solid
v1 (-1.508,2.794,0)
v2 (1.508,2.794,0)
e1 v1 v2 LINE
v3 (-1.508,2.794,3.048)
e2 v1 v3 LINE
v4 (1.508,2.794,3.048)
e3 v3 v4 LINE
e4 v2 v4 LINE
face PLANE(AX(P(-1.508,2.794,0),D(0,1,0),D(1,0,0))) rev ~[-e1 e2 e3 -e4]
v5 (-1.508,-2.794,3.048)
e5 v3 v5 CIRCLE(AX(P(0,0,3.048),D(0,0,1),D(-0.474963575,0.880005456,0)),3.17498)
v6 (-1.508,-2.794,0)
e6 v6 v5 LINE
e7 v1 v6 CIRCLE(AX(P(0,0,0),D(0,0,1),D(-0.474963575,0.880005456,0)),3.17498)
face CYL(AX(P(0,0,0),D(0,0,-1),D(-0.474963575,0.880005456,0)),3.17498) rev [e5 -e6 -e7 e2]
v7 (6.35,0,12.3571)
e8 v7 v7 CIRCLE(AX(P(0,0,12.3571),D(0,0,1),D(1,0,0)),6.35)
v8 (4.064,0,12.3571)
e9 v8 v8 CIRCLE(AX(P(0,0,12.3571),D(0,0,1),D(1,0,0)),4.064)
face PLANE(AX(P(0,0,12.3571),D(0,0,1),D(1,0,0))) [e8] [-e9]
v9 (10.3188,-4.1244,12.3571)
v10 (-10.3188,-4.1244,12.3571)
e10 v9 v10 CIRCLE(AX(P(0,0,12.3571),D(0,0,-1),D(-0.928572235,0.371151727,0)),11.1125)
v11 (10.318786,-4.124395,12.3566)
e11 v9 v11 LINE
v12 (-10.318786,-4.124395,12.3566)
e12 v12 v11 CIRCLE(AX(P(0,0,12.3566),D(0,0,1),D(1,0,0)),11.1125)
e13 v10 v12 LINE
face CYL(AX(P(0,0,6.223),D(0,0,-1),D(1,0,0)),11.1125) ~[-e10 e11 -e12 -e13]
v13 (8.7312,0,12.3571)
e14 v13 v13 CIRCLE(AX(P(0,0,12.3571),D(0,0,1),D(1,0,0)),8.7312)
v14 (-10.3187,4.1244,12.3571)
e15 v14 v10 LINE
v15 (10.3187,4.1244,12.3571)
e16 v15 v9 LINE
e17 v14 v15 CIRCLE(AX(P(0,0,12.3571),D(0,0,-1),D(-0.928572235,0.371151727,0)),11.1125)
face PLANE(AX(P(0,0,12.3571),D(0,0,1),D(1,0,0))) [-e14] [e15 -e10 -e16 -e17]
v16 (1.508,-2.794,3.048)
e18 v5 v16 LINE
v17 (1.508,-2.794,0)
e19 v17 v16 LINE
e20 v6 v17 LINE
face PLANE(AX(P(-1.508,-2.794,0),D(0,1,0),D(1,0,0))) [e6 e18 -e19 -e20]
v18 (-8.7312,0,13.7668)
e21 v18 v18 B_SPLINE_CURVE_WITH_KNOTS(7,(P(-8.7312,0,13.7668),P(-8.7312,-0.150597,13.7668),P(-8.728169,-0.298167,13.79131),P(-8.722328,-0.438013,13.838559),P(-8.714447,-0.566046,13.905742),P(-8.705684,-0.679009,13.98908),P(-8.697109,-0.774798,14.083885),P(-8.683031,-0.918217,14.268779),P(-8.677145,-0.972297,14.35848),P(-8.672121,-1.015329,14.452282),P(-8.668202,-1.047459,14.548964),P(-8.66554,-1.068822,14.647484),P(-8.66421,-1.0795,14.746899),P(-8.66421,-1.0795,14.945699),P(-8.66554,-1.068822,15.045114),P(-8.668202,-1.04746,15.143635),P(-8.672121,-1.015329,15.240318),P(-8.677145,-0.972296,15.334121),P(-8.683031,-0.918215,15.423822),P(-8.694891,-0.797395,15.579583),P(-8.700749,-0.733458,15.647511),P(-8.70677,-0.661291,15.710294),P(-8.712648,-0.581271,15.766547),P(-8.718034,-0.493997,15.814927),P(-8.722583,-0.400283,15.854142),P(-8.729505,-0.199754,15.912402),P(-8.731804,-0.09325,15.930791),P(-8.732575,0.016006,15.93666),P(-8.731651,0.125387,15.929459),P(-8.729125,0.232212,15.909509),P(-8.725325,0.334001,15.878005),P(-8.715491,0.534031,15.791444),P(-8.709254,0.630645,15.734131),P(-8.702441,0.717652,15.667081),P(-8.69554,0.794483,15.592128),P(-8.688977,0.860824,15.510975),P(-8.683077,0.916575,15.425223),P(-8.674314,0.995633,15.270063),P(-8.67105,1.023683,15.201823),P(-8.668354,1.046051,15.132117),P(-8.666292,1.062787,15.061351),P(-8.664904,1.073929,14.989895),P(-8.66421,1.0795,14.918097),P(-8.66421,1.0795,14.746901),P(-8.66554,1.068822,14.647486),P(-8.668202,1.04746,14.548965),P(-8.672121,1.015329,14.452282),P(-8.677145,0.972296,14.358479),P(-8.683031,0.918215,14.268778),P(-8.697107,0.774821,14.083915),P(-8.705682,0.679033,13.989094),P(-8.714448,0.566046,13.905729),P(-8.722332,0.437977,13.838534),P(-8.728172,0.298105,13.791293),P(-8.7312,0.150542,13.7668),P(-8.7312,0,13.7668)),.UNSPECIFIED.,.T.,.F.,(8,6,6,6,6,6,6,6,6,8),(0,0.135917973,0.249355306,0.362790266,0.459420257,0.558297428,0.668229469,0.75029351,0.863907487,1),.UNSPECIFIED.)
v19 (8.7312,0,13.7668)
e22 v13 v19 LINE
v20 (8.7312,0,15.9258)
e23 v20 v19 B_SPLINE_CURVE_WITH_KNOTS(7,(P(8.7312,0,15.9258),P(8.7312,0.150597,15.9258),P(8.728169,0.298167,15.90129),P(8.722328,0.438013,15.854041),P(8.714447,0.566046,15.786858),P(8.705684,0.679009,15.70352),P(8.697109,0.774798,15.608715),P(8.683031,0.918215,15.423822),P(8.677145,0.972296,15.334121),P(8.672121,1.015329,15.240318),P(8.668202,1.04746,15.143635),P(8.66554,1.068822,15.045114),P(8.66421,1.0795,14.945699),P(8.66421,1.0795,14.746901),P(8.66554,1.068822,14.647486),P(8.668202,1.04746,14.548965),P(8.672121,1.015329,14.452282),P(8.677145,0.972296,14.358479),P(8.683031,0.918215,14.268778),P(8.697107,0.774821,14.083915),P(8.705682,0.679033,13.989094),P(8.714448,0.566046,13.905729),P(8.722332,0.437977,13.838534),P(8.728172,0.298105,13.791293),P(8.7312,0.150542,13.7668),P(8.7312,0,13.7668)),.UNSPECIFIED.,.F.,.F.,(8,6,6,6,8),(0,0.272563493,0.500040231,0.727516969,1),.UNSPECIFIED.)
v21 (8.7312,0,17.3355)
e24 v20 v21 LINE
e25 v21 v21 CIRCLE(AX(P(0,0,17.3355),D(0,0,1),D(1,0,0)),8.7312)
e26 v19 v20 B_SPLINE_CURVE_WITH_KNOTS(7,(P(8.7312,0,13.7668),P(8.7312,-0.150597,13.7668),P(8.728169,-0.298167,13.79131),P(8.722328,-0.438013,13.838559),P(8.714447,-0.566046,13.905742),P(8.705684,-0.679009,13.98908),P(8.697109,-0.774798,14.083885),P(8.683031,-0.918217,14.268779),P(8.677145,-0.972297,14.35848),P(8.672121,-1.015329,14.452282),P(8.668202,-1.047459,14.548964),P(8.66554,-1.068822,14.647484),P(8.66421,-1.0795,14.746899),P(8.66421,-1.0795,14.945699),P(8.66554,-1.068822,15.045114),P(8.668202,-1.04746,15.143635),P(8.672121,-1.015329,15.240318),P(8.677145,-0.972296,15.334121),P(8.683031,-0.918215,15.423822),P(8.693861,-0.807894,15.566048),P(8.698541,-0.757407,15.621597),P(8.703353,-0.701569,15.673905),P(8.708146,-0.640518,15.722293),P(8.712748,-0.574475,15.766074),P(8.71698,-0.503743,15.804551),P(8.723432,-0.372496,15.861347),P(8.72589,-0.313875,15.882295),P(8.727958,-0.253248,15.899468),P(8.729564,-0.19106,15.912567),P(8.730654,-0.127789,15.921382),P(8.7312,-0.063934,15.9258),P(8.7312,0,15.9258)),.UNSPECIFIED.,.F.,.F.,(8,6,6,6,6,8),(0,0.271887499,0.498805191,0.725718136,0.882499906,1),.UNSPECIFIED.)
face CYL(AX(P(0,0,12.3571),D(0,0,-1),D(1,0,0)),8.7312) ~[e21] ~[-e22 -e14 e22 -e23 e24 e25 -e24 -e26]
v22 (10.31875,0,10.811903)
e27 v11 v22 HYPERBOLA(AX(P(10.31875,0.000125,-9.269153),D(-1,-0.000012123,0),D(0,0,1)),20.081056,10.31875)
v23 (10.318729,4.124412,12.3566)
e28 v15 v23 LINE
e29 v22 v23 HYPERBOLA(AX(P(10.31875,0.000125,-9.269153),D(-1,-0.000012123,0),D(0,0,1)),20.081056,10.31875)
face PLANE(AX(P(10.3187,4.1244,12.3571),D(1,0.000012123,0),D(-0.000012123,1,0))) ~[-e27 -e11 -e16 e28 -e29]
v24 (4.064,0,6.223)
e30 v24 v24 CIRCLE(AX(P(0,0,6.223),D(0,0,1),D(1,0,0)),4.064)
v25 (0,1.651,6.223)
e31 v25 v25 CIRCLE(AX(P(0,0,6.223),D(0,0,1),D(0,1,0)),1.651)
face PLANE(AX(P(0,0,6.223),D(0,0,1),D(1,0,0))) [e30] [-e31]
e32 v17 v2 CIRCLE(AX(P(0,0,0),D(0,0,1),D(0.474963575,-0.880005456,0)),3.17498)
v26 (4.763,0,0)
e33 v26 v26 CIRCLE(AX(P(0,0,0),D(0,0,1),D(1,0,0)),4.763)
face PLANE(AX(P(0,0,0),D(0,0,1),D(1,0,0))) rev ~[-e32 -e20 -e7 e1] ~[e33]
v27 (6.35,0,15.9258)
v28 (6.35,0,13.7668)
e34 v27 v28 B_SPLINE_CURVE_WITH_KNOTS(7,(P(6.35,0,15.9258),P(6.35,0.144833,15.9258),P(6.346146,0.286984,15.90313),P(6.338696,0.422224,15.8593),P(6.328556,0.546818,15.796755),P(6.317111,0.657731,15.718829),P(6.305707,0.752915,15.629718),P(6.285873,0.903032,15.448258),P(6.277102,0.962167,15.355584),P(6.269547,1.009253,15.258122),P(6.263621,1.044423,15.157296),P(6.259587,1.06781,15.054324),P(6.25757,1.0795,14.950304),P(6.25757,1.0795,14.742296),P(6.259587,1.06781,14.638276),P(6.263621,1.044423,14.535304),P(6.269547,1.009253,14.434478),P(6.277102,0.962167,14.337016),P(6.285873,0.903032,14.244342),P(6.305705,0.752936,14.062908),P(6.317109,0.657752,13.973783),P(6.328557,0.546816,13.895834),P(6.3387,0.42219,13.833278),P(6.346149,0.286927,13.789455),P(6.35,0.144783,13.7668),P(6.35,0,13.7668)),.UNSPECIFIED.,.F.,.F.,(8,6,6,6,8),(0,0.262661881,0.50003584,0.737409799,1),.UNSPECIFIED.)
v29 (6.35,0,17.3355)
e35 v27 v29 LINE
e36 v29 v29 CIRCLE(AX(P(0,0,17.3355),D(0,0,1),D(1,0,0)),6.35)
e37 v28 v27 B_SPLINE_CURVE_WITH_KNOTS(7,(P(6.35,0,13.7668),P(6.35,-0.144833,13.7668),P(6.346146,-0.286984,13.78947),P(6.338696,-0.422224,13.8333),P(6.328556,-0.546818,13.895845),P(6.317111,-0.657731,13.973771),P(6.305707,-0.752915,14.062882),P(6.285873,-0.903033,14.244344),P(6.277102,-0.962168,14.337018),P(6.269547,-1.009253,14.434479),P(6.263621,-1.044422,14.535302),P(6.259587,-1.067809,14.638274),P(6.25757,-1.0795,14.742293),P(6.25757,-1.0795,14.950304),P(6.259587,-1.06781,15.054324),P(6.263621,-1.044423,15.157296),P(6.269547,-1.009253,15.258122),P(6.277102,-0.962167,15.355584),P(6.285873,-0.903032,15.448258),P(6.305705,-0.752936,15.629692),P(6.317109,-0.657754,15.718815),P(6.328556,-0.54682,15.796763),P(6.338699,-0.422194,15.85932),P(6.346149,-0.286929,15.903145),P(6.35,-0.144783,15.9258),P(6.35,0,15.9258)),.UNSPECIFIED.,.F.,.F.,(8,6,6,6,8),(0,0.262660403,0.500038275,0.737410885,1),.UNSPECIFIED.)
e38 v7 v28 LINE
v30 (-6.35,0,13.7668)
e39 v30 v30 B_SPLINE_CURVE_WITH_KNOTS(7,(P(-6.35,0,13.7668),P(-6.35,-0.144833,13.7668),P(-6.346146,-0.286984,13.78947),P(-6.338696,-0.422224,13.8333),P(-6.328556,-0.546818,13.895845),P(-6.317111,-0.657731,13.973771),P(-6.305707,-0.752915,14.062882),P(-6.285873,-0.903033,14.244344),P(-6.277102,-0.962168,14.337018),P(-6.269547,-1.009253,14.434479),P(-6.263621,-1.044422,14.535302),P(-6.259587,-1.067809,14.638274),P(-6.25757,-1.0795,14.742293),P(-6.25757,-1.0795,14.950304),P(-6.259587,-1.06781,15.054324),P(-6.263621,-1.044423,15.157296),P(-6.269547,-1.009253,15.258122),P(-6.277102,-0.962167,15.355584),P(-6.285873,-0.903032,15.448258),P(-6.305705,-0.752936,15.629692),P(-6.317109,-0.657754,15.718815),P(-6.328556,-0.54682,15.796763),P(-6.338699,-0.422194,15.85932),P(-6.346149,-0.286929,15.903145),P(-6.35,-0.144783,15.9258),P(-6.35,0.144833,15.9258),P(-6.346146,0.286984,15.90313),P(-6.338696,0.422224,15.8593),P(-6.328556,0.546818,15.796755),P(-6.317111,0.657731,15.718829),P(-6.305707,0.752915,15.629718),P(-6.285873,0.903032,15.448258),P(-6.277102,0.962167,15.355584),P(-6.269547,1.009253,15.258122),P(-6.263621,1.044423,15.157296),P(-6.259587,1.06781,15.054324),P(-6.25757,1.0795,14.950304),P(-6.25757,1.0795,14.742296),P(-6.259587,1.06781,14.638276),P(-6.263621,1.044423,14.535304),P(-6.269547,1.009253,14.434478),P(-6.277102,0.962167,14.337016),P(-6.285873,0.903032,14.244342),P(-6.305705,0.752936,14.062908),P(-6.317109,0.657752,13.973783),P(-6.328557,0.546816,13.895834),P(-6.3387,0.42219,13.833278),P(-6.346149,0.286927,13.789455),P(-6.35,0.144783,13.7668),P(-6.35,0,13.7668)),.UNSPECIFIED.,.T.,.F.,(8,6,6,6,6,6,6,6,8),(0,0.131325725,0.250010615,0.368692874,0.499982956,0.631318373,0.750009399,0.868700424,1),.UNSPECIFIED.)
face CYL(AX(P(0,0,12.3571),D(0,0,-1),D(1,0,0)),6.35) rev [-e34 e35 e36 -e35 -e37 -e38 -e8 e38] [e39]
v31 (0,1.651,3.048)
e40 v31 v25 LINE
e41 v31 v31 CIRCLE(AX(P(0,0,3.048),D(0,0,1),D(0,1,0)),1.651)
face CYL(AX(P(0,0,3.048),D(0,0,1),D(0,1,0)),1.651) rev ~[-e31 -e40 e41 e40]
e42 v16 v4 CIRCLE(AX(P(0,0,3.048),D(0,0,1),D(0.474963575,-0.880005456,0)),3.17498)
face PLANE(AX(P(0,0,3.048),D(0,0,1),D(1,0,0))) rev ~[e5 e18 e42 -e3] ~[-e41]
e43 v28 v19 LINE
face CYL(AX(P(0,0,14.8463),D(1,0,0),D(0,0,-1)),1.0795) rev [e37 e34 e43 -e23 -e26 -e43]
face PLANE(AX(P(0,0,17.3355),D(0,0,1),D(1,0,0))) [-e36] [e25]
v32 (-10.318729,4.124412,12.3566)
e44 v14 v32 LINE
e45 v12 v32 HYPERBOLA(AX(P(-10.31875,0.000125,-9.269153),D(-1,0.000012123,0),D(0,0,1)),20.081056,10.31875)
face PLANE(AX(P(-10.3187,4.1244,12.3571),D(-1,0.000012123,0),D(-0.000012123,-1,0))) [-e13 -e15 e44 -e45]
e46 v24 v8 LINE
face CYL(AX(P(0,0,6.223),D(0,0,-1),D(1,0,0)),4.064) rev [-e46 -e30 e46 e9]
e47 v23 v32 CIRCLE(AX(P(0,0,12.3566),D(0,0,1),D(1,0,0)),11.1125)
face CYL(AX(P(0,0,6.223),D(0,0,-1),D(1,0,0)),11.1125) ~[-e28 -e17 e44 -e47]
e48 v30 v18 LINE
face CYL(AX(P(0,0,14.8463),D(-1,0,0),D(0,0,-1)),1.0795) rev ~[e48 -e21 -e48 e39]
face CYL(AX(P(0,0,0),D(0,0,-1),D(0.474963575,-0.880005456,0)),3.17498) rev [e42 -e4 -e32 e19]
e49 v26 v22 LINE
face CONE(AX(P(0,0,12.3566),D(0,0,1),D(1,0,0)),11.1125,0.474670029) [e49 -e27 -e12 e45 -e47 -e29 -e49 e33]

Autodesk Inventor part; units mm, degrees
ref_plane "YZ Plane" through (0, 0, 0) normal (1, 0, 0) x (0, 1, 0)
ref_plane "XZ Plane" through (0, 0, 0) normal (0, 1, 0) x (-1, 0, 0)
ref_plane "XY Plane" through (0, 0, 0) normal (0, 0, 1) x (1, 0, 0)
sketch "Sketch1" plane through (0, 0, 0) normal (0, 0, 1) x (1, 0, 0)
  arc A0 (-1.508, 2.794) -> (-1.508, -2.794) centre (0, 0) ccw
  line L0 (-3.175, 0) -> (0, 0) construction
  line L1 (0, 0) -> (3.175, 0) construction
  line L2 (-1.508, 2.794) -> (1.508, 2.794)
  line L3 (-1.508, -2.794) -> (1.508, -2.794)
  arc A1 (1.508, 2.794) -> (-1.508, 2.794) centre (0, 0) ccw construction
  arc A2 (1.508, -2.794) -> (1.508, 2.794) centre (0, 0) ccw
  arc A3 (-1.508, -2.794) -> (1.508, -2.794) centre (0, 0) ccw construction
  circle A4 centre (0, 0) radius 3.429 construction
  circle A5 centre (0, 0) radius 4.064
  circle A6 centre (0, 0) radius 11.1125
  dimension "d1" = 2.794
  dimension "d2" = 3.175
  dimension "d3" = 6.858
  dimension "d5" = 0.635
  dimension "d6" = 22.225
extrude "Extrusion1" add sketch "Sketch1" along normal blind 3.048 contours A5 | A6
sketch "Sketch2" plane through (0, 0, 3.048) normal (0, 0, 1) x (1, 0, 0)
  circle A0 centre (0, 0) radius 11.1125 projected
  arc A1 (-1.508, 2.794) -> (-1.508, -2.794) centre (0, 0) ccw projected
extrude "Extrusion2" add sketch "Sketch2" along normal blind 3.175
hole "Hole1" at (0, 0, 3.048) direction (0, 0, 1) diameter 3.302 depth 25.4 tip angle 118 thread size "8-32 UNC" class "2B" standard "ANSI Unified Screw Threads"
sketch "Sketch3" plane through (0, 0, 6.223) normal (0, 0, 1) x (1, 0, 0)
  circle A0 centre (0, 0) radius 11.1125 projected
  circle A1 centre (0, 0) radius 3.429
  circle A2 centre (0, 0) radius 4.064
  dimension "d18" = 6.858
  dimension "d19" = 0.635
extrude "Extrusion3" add sketch "Sketch3" along normal blind 6.1341 contours A0
chamfer "Chamfer1" distance 6.35 distance2 12.3571 1 edges at (-11.1125, 0, 0) measured on face at (0.4465, -5.5398, 0)
sketch "Sketch6" plane through (0, 0, 12.3571) normal (0, 0, 1) x (1, 0, 0)
  circle A0 centre (0, 0) radius 11.1125 projected
  circle A1 centre (0, 0) radius 6.35
  circle A2 centre (0, 0) radius 8.7312
  dimension "d38" = 12.7
  dimension "d52" = 2.3813
  dimension "d53" = 2.3813
extrude "Extrusion5" add sketch "Sketch6" along normal blind 4.9784 contours A2
sketch "Sketch7" plane through (0, 0, 0) normal (1, 0, 0) x (0, 1, 0)
  line L0 (-6.35, 17.3355) -> (6.35, 17.3355) projected
  line L1 (6.35, 12.3571) -> (-6.35, 12.3571) projected
  line L2 (0, 0) -> (0, 12.3571) construction
  line L3 (0, 12.3571) -> (0, 17.3355) construction
  point P0 (0, 14.8463)
hole "Hole3" at (0, 0, 14.8463) direction (-1, 0, 0) diameter 2.159 end through all
sketch "Sketch8" plane through (0, 0, 12.3571) normal (0, 0, 1) x (1, 0, 0)
  circle A0 centre (0, 0) radius 11.1125 projected
  circle A1 centre (0, 0) radius 8.7312 projected
  line L0 (-10.3187, 4.1244) -> (-10.3188, -4.1244)
  line L1 (-11.1125, 0) -> (0, 0)
  dimension "d49" = 0.7937
extrude "Extrusion6" cut sketch "Sketch8" against normal through all contours L0 L1 A0 | A0 L1 L0
mirror "Mirror2" about plane through (0, 0, 0) normal (1, 0, 0) of "Hole3", "Extrusion6"
ref_plane "Work Plane2" through (0, 0, 4.953) normal (0, 0, -1) x (-1, 0, 0)
sketch "Sketch9" plane through (0, 0, 4.953) normal (0, 0, -1) x (-1, 0, 0)
  point P0 (0, 0)
equation "\"d52\" = d53"
properties part number "Pneumatic Connector -Actuator Side"
